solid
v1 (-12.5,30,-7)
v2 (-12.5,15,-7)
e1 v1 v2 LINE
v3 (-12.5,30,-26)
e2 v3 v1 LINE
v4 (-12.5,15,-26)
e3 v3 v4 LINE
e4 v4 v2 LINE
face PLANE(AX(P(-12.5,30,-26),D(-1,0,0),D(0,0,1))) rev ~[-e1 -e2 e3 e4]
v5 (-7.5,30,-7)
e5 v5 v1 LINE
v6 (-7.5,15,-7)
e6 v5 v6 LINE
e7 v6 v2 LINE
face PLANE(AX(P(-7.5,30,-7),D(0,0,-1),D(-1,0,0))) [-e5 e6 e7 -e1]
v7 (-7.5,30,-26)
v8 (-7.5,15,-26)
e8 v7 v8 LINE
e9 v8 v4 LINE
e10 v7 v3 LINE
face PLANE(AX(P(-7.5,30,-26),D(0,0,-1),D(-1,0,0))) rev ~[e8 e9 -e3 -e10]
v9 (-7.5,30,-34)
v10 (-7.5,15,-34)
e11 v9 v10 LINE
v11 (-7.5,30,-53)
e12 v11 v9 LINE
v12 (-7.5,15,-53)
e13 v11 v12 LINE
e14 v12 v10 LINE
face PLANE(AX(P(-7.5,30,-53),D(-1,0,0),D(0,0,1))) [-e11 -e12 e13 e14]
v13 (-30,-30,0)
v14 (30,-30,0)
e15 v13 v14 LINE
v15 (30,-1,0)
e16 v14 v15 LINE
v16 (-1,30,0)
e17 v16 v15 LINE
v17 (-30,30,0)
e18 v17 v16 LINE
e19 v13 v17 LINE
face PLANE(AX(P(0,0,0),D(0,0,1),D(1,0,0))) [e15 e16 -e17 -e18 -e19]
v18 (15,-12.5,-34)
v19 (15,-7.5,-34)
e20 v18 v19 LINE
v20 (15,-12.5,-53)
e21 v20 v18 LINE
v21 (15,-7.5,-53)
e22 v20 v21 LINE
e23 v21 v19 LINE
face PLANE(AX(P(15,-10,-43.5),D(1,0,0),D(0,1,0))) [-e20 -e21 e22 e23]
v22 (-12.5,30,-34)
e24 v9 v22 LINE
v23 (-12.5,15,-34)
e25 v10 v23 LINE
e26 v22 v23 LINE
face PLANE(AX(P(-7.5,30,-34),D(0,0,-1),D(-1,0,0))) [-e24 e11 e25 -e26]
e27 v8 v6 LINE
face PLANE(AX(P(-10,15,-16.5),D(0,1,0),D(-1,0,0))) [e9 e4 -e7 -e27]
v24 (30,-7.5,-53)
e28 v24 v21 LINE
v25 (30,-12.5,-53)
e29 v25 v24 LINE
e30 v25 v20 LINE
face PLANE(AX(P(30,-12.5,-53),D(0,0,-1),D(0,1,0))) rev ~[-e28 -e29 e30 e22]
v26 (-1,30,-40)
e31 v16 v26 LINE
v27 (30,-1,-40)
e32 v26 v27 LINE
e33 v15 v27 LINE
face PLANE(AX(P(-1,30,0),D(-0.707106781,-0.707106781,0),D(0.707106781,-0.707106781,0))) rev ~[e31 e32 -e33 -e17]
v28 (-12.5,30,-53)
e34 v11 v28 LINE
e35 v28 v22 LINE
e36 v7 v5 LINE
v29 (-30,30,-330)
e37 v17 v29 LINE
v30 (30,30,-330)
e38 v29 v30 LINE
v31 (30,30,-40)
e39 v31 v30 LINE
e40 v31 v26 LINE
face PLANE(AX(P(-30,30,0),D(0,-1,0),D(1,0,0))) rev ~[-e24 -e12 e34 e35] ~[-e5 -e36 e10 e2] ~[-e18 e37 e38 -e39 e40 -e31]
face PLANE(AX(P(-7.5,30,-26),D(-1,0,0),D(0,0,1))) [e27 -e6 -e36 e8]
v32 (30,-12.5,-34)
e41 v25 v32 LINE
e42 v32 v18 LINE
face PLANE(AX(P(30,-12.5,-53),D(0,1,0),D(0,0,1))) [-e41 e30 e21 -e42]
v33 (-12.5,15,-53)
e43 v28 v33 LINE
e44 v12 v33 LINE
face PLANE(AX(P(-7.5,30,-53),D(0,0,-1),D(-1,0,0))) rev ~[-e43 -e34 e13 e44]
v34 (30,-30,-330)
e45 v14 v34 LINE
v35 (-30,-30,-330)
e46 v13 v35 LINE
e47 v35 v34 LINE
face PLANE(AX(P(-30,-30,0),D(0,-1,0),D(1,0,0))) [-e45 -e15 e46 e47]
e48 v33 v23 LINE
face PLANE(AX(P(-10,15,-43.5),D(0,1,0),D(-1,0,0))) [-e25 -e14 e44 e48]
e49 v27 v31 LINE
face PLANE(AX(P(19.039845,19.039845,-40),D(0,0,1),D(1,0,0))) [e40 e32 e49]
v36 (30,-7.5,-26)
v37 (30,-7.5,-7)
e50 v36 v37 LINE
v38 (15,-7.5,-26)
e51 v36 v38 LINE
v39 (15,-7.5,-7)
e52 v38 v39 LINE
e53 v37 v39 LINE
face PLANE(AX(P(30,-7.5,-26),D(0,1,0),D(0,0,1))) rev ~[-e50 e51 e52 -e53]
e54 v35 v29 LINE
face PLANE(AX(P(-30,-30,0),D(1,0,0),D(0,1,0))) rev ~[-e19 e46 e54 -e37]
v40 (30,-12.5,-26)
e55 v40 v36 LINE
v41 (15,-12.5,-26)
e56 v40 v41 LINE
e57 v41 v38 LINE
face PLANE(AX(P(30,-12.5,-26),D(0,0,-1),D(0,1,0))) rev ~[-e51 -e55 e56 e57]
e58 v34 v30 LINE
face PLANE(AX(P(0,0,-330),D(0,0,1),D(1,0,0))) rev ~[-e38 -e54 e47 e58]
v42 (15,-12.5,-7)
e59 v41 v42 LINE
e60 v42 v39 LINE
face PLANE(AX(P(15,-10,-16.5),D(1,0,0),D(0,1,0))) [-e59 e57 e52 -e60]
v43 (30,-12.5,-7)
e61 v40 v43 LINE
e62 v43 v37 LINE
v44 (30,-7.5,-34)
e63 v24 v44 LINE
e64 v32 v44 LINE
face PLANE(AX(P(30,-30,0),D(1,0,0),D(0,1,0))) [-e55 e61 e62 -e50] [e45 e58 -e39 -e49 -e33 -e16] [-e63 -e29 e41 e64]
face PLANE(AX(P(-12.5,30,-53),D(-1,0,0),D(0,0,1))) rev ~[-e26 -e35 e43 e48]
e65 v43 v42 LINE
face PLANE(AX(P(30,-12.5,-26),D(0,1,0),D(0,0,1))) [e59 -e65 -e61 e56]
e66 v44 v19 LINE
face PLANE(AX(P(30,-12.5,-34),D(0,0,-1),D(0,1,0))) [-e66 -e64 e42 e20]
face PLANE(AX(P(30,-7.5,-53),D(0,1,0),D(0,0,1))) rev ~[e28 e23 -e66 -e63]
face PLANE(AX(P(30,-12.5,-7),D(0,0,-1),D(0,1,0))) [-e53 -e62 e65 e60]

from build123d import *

# Parameters (mm, degrees)
F0_W     = 60
F0_H     = 60
F1_DEPTH = 330
F3_DEPTH = 40
F4_W     = 5
F4_H     = 19
F5_DEPTH = 15
F6_W     = 5
F6_H     = 19
F7_DEPTH = 15


with BuildPart() as f1:
    # F0 (on Top) → F1 (new body)
    with BuildSketch(Plane.XY):
        Rectangle(F0_W, F0_H)
    extrude(amount=-F1_DEPTH)

    # F2 (on face) → F3 (cut)
    with BuildSketch(Plane.XY):
        Polygon((30, 30), (-1, 30), (30, -1), align=None)
    extrude(amount=-F3_DEPTH, mode=Mode.SUBTRACT)

    # F4 (on face) → F5 (cut)
    with BuildSketch(Plane.YZ.offset(30)):
        with Locations((-10, -16.5)):
            Rectangle(F4_W, F4_H)
        with Locations((-10, -43.5)):
            Rectangle(F4_W, F4_H)
    extrude(amount=-F5_DEPTH, mode=Mode.SUBTRACT)

    # F6 (on face) → F7 (cut)
    with BuildSketch(Plane(origin=(0, 30, 0), x_dir=(-1, 0, 0), z_dir=(0, 1, 0))):
        with Locations((10, -16.5)):
            Rectangle(F6_W, F6_H)
        with Locations((10, -43.5)):
            Rectangle(F6_W, F6_H)
    extrude(amount=-F7_DEPTH, mode=Mode.SUBTRACT)


solid = f1.part
